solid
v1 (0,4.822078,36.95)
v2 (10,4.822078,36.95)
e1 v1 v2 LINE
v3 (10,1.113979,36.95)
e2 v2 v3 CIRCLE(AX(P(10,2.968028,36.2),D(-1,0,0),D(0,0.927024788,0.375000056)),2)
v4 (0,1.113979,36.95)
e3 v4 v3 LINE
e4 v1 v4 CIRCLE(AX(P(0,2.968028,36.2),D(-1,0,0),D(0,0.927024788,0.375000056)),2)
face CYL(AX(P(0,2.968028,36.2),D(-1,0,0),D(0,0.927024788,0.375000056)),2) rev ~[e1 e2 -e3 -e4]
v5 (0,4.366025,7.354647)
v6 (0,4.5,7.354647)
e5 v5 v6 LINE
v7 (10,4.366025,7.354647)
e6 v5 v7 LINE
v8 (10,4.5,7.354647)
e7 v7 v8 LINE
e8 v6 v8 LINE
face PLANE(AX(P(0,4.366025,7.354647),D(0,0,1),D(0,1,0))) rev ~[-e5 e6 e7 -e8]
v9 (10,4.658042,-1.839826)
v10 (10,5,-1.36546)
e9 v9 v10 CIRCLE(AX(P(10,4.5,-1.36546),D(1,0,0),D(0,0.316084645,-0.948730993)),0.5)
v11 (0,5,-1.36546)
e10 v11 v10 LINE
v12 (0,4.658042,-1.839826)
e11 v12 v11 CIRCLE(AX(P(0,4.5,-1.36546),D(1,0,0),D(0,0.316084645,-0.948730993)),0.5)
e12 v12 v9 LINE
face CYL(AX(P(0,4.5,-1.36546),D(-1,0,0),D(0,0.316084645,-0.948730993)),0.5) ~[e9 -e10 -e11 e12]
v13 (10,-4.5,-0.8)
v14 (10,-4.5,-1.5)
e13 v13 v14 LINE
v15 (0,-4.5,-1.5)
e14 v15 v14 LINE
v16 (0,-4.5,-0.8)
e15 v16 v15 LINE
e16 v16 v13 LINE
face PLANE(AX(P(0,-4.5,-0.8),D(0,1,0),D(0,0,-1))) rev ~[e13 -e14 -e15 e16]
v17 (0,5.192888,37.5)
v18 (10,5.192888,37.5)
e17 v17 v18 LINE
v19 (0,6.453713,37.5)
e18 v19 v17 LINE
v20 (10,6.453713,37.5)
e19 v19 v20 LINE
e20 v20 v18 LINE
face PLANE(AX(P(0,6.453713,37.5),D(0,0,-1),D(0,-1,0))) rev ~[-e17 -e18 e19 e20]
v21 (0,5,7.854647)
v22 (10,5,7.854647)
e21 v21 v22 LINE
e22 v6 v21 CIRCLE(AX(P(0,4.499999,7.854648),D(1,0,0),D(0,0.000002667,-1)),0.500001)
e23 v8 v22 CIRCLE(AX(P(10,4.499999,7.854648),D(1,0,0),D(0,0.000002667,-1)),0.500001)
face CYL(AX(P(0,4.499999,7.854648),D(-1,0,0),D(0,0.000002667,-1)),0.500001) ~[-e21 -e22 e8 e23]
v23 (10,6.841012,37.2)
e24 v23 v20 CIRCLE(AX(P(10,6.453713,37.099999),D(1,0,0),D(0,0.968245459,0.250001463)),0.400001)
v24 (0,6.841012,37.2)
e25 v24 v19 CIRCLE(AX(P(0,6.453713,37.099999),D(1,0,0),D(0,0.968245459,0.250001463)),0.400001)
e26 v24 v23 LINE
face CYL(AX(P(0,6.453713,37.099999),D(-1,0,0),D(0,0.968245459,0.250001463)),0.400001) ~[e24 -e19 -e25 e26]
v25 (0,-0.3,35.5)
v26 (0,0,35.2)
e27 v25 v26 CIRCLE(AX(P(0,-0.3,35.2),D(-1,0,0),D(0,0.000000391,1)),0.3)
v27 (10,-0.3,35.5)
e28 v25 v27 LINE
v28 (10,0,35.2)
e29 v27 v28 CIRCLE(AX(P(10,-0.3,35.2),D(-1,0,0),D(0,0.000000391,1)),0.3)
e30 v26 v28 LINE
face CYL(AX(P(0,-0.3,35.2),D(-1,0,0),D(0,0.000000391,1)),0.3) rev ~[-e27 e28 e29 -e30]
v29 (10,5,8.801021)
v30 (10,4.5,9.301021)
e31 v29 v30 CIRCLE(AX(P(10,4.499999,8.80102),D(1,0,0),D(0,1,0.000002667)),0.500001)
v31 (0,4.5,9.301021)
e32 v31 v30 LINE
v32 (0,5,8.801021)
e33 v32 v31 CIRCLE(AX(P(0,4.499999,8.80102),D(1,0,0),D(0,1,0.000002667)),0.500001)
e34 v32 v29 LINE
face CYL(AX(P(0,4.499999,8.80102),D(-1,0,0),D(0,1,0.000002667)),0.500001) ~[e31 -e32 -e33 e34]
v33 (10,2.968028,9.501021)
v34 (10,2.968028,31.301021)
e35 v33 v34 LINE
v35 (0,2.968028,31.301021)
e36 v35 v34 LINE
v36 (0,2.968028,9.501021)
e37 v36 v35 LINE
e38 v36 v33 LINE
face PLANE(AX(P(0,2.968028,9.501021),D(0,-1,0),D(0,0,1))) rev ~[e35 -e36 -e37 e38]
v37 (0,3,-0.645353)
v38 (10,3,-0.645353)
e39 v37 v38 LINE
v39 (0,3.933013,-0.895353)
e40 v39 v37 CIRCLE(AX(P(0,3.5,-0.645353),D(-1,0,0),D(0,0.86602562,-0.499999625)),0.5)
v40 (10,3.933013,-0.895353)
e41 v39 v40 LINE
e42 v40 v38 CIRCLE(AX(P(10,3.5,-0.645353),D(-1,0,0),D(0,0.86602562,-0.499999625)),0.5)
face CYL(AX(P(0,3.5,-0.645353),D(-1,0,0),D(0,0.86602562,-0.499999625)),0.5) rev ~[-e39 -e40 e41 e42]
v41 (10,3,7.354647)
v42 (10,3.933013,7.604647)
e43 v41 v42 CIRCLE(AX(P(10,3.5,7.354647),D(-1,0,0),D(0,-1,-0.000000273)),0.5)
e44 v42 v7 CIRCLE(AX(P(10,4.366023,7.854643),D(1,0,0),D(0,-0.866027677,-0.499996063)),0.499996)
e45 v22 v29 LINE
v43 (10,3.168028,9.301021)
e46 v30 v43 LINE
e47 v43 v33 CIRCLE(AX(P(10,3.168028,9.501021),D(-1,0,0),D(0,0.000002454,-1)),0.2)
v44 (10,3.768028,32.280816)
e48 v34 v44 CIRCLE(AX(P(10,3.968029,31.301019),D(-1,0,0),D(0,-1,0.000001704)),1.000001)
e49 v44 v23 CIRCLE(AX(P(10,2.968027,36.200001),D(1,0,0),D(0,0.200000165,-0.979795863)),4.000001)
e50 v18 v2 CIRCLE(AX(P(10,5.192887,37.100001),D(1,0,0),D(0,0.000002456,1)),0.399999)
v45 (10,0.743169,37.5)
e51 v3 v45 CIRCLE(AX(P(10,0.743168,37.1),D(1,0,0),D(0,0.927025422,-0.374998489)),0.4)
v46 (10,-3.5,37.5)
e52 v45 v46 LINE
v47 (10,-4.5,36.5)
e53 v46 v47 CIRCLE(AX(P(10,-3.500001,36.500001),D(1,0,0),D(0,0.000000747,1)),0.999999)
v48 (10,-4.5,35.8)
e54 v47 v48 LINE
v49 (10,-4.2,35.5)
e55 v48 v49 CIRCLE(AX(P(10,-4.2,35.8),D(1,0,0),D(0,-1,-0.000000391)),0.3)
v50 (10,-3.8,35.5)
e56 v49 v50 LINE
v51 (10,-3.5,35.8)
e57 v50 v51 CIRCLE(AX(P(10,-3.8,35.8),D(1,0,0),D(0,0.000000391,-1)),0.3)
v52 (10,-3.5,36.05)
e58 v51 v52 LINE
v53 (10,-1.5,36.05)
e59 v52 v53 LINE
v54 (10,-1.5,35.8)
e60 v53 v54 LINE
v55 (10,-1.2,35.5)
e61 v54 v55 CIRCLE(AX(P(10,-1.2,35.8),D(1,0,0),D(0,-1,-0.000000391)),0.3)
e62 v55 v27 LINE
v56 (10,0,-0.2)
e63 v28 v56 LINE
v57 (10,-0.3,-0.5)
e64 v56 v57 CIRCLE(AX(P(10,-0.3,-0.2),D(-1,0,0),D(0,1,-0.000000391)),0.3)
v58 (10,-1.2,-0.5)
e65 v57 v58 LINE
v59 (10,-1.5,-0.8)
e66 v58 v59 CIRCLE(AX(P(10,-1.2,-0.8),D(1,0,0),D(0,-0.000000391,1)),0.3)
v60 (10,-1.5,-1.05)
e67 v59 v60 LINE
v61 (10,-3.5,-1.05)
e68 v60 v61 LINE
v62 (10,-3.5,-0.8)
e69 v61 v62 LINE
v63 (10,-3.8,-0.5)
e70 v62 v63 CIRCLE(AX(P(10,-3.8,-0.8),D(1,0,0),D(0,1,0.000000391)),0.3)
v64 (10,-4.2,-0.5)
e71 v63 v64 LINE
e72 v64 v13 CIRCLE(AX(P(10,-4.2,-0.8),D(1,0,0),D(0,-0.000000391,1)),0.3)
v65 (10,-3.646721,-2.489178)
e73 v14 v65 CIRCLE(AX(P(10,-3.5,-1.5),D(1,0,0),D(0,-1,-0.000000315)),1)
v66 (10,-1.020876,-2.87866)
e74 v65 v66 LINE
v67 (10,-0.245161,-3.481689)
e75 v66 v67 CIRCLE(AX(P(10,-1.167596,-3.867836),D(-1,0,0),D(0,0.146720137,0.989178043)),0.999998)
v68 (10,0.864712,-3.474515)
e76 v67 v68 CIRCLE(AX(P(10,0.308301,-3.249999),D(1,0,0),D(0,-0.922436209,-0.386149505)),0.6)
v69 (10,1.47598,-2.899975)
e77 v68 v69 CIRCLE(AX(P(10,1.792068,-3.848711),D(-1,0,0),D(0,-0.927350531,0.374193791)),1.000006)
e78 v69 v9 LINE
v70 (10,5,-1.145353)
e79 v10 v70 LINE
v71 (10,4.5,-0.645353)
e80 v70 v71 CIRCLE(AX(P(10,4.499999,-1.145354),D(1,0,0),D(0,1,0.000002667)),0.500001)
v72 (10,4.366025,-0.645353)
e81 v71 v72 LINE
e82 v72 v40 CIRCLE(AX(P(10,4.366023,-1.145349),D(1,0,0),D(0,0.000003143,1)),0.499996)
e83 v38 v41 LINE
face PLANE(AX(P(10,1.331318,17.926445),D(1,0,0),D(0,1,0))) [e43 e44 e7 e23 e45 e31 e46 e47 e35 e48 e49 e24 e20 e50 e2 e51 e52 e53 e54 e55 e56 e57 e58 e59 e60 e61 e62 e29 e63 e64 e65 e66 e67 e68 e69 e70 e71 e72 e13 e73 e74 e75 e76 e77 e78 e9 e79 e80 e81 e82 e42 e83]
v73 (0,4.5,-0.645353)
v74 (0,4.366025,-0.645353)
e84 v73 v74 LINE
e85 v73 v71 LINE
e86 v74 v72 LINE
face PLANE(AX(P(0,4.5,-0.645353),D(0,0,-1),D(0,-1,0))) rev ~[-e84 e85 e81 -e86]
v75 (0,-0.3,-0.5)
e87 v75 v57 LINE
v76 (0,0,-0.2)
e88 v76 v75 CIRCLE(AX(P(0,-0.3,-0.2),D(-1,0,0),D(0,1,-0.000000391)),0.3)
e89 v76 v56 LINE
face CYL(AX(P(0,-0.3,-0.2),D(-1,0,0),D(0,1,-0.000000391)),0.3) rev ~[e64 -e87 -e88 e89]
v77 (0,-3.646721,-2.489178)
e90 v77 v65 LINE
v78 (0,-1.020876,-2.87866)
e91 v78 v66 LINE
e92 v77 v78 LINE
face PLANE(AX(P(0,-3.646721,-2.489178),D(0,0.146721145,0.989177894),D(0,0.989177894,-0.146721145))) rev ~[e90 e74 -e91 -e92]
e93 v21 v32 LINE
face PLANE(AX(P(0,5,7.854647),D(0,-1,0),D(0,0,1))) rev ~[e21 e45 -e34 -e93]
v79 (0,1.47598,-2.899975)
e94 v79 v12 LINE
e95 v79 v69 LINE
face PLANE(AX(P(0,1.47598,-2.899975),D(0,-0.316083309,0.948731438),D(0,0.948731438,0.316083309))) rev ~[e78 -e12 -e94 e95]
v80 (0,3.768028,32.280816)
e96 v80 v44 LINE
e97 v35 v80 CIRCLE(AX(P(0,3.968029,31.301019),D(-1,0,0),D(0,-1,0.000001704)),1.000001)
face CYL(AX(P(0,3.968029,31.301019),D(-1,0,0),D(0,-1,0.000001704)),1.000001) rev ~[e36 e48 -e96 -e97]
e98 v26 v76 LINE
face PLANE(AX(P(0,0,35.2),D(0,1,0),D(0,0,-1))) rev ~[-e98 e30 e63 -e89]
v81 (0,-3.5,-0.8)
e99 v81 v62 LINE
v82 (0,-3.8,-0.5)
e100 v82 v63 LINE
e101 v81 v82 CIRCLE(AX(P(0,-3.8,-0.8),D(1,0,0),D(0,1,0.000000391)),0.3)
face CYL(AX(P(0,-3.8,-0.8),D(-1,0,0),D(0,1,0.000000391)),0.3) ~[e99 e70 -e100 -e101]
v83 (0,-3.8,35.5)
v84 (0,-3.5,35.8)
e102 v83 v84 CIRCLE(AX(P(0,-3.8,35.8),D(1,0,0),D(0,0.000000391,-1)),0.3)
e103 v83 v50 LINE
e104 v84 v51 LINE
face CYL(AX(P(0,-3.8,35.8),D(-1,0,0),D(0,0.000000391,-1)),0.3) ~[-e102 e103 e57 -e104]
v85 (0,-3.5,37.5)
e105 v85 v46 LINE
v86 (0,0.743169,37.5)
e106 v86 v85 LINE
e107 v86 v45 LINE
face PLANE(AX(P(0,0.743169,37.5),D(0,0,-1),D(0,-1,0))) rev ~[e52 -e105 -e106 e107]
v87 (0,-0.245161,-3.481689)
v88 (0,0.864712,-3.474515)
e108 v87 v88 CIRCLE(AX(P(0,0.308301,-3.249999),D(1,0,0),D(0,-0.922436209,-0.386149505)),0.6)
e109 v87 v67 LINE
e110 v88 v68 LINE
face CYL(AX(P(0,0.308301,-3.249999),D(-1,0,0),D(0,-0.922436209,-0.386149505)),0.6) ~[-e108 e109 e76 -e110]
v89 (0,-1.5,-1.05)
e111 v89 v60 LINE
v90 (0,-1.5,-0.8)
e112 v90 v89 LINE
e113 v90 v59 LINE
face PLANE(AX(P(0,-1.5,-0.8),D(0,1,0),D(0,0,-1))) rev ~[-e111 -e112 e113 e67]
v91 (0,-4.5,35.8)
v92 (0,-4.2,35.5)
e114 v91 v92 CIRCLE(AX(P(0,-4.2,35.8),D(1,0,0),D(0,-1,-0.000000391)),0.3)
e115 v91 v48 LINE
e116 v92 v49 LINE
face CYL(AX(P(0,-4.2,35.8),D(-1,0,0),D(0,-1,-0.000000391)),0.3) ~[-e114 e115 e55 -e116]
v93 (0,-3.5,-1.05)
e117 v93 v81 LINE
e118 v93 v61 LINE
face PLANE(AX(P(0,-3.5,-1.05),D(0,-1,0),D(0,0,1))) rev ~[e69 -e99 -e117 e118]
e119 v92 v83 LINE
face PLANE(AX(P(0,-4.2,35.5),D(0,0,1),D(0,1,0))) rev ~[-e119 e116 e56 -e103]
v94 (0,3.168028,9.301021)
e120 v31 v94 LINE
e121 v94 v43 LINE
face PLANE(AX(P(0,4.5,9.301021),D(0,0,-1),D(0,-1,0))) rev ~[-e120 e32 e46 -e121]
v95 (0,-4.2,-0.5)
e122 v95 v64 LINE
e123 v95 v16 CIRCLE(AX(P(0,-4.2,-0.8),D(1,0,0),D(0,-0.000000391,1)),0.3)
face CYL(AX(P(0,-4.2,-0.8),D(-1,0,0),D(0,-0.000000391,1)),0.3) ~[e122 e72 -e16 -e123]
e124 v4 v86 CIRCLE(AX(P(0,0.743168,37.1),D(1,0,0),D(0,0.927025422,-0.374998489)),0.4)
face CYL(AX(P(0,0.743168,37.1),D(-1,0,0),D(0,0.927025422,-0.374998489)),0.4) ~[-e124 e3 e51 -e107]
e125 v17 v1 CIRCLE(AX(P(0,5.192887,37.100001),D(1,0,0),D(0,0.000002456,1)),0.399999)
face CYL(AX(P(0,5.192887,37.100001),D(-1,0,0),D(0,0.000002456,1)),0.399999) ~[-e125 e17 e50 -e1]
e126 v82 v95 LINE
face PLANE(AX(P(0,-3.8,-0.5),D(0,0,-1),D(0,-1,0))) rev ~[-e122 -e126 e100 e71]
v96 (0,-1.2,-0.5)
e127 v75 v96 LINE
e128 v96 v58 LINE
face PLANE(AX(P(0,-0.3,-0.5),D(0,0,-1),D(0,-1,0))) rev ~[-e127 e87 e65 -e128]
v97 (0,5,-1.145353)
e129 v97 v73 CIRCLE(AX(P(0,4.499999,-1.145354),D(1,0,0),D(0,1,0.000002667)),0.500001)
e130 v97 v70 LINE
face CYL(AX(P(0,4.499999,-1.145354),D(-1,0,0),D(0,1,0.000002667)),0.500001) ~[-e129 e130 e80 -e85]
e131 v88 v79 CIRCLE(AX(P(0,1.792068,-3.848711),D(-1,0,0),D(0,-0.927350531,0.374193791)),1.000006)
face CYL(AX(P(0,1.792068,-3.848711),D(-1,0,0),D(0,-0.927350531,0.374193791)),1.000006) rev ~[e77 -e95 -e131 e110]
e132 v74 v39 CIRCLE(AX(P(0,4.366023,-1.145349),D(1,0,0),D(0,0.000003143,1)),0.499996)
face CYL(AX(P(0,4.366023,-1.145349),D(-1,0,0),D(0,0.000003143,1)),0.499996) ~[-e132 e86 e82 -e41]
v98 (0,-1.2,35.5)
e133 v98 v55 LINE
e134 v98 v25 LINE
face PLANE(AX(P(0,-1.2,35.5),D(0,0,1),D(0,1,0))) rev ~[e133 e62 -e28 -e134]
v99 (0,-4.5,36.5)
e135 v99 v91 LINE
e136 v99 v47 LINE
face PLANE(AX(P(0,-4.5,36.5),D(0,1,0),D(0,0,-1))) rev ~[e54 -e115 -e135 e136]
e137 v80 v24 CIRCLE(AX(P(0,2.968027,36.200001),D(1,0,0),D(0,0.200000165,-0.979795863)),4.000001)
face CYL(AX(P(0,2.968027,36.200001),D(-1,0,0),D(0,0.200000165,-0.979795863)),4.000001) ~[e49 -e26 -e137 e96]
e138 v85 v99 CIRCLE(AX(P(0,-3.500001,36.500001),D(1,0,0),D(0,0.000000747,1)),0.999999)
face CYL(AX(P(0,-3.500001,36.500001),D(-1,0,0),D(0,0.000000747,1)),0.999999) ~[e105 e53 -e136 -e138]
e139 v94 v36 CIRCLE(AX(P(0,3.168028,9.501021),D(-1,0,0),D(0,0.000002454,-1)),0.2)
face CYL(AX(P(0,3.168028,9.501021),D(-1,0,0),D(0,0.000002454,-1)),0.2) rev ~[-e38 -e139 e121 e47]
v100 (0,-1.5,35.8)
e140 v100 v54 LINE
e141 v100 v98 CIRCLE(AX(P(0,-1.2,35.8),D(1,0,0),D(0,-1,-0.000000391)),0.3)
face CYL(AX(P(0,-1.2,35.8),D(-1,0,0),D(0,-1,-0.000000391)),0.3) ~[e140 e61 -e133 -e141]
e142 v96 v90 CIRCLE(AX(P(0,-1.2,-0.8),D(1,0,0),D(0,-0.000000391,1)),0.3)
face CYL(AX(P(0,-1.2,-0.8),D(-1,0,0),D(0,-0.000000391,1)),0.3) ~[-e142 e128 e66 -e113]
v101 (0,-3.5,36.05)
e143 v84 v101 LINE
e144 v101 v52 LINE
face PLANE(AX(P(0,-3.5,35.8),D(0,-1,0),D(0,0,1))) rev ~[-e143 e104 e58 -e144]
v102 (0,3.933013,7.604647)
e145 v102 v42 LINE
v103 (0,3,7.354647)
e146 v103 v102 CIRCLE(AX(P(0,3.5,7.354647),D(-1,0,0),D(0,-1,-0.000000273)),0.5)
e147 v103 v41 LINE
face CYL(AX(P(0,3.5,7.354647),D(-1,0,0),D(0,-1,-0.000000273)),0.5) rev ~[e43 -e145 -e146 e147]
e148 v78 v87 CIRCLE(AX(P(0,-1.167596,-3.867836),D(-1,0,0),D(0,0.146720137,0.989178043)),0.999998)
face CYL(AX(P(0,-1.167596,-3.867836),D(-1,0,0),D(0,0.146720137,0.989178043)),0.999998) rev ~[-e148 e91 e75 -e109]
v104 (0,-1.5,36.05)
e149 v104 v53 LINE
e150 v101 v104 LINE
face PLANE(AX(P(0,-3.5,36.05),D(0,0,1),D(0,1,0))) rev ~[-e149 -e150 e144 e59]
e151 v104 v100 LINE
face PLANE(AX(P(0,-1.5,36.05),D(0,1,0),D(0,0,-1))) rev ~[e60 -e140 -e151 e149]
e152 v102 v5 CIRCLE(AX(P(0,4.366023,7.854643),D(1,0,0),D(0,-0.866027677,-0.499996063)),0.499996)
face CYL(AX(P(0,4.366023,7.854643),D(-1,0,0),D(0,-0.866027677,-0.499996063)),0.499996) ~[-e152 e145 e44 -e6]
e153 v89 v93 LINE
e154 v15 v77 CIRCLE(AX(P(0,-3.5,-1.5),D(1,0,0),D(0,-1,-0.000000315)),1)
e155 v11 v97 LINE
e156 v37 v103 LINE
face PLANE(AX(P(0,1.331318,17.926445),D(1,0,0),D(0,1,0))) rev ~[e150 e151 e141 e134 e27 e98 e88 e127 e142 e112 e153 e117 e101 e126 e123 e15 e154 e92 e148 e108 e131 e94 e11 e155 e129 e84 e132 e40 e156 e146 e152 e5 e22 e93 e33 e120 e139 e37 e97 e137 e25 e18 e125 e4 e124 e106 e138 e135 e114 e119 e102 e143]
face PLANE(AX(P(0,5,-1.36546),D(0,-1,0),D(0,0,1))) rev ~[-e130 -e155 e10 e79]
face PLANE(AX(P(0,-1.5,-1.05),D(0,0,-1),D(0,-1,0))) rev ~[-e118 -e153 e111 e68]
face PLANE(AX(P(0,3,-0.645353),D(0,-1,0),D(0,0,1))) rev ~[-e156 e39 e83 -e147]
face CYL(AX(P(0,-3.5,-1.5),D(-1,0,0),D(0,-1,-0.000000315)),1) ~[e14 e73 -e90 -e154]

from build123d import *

# Parameters (mm, degrees)
F3_DEPTH = 10


with BuildPart() as f3:
    # F2 (on Right) → F3 (new body)
    with BuildSketch(Plane.YZ):
        with BuildLine():
            ThreePointArc((-4.5, 35.8), (-4.412132, 35.587868), (-4.2, 35.5))
            Line((-4.2, 35.5), (-3.8, 35.5))
            ThreePointArc((-3.8, 35.5), (-3.587868, 35.587868), (-3.5, 35.8))
            Line((-3.5, 35.8), (-3.5, 36.05))
            Line((-3.5, 36.05), (-1.5, 36.05))
            Line((-1.5, 36.05), (-1.5, 35.8))
            ThreePointArc((-1.5, 35.8), (-1.412132, 35.587868), (-1.2, 35.5))
            Line((-1.2, 35.5), (-0.3, 35.5))
            ThreePointArc((-0.3, 35.5), (-0.087868, 35.412132), (0, 35.2))
            Line((0, 35.2), (0, -0.2))
            ThreePointArc((0, -0.2), (-0.087868, -0.412132), (-0.3, -0.5))
            Line((-0.3, -0.5), (-1.2, -0.5))
            ThreePointArc((-1.2, -0.5), (-1.412132, -0.587868), (-1.5, -0.8))
            Line((-1.5, -0.8), (-1.5, -1.05))
            Line((-1.5, -1.05), (-3.5, -1.05))
            Line((-3.5, -1.05), (-3.5, -0.8))
            ThreePointArc((-3.5, -0.8), (-3.587868, -0.587868), (-3.8, -0.5))
            Line((-3.8, -0.5), (-4.2, -0.5))
            ThreePointArc((-4.2, -0.5), (-4.412132, -0.587868), (-4.5, -0.8))
            Line((-4.5, -0.8), (-4.5, -1.5))
            ThreePointArc((-4.5, -1.5), (-4.257206, -2.153176), (-3.646721, -2.489178))
            Line((-3.646721, -2.489178), (-1.020876, -2.87866))
            ThreePointArc((-1.020876, -2.87866), (-0.55385, -3.078335), (-0.245161, -3.481689))
            ThreePointArc((-0.245161, -3.481689), (0.31218, -3.849987), (0.864712, -3.474515))
            ThreePointArc((0.864712, -3.474515), (1.107187, -3.120048), (1.47598, -2.899975))
            Line((1.47598, -2.899975), (4.658042, -1.839826))
            ThreePointArc((4.658042, -1.839826), (4.905599, -1.657846), (5, -1.36546))
            Line((5, -1.36546), (5, -1.145353))
            ThreePointArc((5, -1.145353), (4.853553, -0.7918), (4.5, -0.645353))
            Line((4.5, -0.645353), (4.366025, -0.645353))
            ThreePointArc((4.366025, -0.645353), (4.116025, -0.71234), (3.933013, -0.895353))
            ThreePointArc((3.933013, -0.895353), (3.37059, -1.128316), (3, -0.645353))
            Line((3, -0.645353), (3, 7.354647))
            ThreePointArc((3, 7.354647), (3.37059, 7.83761), (3.933013, 7.604647))
            ThreePointArc((3.933013, 7.604647), (4.116025, 7.421634), (4.366025, 7.354647))
            Line((4.366025, 7.354647), (4.5, 7.354647))
            ThreePointArc((4.5, 7.354647), (4.853553, 7.501094), (5, 7.854647))
            Line((5, 7.854647), (5, 8.801021))
            ThreePointArc((5, 8.801021), (4.853553, 9.154574), (4.5, 9.301021))
            Line((4.5, 9.301021), (3.168028, 9.301021))
            ThreePointArc((3.168028, 9.301021), (3.026607, 9.359599), (2.968028, 9.501021))
            Line((2.968028, 9.501021), (2.968028, 31.301021))
            ThreePointArc((2.968028, 31.301021), (3.193432, 31.933476), (3.768028, 32.280816))
            ThreePointArc((3.768028, 32.280816), (6.360488, 34.080751), (6.841012, 37.2))
            ThreePointArc((6.841012, 37.2), (6.698662, 37.416228), (6.453713, 37.5))
            Line((6.453713, 37.5), (5.192888, 37.5))
            ThreePointArc((5.192888, 37.5), (4.861225, 37.323607), (4.822078, 36.95))
            ThreePointArc((4.822078, 36.95), (2.968028, 34.2), (1.113979, 36.95))
            ThreePointArc((1.113979, 36.95), (1.074831, 37.323607), (0.743169, 37.5))
            Line((0.743169, 37.5), (-3.5, 37.5))
            ThreePointArc((-3.5, 37.5), (-4.207107, 37.207107), (-4.5, 36.5))
            Line((-4.5, 36.5), (-4.5, 35.8))
        make_face()
    extrude(amount=F3_DEPTH)


solid = f3.part
